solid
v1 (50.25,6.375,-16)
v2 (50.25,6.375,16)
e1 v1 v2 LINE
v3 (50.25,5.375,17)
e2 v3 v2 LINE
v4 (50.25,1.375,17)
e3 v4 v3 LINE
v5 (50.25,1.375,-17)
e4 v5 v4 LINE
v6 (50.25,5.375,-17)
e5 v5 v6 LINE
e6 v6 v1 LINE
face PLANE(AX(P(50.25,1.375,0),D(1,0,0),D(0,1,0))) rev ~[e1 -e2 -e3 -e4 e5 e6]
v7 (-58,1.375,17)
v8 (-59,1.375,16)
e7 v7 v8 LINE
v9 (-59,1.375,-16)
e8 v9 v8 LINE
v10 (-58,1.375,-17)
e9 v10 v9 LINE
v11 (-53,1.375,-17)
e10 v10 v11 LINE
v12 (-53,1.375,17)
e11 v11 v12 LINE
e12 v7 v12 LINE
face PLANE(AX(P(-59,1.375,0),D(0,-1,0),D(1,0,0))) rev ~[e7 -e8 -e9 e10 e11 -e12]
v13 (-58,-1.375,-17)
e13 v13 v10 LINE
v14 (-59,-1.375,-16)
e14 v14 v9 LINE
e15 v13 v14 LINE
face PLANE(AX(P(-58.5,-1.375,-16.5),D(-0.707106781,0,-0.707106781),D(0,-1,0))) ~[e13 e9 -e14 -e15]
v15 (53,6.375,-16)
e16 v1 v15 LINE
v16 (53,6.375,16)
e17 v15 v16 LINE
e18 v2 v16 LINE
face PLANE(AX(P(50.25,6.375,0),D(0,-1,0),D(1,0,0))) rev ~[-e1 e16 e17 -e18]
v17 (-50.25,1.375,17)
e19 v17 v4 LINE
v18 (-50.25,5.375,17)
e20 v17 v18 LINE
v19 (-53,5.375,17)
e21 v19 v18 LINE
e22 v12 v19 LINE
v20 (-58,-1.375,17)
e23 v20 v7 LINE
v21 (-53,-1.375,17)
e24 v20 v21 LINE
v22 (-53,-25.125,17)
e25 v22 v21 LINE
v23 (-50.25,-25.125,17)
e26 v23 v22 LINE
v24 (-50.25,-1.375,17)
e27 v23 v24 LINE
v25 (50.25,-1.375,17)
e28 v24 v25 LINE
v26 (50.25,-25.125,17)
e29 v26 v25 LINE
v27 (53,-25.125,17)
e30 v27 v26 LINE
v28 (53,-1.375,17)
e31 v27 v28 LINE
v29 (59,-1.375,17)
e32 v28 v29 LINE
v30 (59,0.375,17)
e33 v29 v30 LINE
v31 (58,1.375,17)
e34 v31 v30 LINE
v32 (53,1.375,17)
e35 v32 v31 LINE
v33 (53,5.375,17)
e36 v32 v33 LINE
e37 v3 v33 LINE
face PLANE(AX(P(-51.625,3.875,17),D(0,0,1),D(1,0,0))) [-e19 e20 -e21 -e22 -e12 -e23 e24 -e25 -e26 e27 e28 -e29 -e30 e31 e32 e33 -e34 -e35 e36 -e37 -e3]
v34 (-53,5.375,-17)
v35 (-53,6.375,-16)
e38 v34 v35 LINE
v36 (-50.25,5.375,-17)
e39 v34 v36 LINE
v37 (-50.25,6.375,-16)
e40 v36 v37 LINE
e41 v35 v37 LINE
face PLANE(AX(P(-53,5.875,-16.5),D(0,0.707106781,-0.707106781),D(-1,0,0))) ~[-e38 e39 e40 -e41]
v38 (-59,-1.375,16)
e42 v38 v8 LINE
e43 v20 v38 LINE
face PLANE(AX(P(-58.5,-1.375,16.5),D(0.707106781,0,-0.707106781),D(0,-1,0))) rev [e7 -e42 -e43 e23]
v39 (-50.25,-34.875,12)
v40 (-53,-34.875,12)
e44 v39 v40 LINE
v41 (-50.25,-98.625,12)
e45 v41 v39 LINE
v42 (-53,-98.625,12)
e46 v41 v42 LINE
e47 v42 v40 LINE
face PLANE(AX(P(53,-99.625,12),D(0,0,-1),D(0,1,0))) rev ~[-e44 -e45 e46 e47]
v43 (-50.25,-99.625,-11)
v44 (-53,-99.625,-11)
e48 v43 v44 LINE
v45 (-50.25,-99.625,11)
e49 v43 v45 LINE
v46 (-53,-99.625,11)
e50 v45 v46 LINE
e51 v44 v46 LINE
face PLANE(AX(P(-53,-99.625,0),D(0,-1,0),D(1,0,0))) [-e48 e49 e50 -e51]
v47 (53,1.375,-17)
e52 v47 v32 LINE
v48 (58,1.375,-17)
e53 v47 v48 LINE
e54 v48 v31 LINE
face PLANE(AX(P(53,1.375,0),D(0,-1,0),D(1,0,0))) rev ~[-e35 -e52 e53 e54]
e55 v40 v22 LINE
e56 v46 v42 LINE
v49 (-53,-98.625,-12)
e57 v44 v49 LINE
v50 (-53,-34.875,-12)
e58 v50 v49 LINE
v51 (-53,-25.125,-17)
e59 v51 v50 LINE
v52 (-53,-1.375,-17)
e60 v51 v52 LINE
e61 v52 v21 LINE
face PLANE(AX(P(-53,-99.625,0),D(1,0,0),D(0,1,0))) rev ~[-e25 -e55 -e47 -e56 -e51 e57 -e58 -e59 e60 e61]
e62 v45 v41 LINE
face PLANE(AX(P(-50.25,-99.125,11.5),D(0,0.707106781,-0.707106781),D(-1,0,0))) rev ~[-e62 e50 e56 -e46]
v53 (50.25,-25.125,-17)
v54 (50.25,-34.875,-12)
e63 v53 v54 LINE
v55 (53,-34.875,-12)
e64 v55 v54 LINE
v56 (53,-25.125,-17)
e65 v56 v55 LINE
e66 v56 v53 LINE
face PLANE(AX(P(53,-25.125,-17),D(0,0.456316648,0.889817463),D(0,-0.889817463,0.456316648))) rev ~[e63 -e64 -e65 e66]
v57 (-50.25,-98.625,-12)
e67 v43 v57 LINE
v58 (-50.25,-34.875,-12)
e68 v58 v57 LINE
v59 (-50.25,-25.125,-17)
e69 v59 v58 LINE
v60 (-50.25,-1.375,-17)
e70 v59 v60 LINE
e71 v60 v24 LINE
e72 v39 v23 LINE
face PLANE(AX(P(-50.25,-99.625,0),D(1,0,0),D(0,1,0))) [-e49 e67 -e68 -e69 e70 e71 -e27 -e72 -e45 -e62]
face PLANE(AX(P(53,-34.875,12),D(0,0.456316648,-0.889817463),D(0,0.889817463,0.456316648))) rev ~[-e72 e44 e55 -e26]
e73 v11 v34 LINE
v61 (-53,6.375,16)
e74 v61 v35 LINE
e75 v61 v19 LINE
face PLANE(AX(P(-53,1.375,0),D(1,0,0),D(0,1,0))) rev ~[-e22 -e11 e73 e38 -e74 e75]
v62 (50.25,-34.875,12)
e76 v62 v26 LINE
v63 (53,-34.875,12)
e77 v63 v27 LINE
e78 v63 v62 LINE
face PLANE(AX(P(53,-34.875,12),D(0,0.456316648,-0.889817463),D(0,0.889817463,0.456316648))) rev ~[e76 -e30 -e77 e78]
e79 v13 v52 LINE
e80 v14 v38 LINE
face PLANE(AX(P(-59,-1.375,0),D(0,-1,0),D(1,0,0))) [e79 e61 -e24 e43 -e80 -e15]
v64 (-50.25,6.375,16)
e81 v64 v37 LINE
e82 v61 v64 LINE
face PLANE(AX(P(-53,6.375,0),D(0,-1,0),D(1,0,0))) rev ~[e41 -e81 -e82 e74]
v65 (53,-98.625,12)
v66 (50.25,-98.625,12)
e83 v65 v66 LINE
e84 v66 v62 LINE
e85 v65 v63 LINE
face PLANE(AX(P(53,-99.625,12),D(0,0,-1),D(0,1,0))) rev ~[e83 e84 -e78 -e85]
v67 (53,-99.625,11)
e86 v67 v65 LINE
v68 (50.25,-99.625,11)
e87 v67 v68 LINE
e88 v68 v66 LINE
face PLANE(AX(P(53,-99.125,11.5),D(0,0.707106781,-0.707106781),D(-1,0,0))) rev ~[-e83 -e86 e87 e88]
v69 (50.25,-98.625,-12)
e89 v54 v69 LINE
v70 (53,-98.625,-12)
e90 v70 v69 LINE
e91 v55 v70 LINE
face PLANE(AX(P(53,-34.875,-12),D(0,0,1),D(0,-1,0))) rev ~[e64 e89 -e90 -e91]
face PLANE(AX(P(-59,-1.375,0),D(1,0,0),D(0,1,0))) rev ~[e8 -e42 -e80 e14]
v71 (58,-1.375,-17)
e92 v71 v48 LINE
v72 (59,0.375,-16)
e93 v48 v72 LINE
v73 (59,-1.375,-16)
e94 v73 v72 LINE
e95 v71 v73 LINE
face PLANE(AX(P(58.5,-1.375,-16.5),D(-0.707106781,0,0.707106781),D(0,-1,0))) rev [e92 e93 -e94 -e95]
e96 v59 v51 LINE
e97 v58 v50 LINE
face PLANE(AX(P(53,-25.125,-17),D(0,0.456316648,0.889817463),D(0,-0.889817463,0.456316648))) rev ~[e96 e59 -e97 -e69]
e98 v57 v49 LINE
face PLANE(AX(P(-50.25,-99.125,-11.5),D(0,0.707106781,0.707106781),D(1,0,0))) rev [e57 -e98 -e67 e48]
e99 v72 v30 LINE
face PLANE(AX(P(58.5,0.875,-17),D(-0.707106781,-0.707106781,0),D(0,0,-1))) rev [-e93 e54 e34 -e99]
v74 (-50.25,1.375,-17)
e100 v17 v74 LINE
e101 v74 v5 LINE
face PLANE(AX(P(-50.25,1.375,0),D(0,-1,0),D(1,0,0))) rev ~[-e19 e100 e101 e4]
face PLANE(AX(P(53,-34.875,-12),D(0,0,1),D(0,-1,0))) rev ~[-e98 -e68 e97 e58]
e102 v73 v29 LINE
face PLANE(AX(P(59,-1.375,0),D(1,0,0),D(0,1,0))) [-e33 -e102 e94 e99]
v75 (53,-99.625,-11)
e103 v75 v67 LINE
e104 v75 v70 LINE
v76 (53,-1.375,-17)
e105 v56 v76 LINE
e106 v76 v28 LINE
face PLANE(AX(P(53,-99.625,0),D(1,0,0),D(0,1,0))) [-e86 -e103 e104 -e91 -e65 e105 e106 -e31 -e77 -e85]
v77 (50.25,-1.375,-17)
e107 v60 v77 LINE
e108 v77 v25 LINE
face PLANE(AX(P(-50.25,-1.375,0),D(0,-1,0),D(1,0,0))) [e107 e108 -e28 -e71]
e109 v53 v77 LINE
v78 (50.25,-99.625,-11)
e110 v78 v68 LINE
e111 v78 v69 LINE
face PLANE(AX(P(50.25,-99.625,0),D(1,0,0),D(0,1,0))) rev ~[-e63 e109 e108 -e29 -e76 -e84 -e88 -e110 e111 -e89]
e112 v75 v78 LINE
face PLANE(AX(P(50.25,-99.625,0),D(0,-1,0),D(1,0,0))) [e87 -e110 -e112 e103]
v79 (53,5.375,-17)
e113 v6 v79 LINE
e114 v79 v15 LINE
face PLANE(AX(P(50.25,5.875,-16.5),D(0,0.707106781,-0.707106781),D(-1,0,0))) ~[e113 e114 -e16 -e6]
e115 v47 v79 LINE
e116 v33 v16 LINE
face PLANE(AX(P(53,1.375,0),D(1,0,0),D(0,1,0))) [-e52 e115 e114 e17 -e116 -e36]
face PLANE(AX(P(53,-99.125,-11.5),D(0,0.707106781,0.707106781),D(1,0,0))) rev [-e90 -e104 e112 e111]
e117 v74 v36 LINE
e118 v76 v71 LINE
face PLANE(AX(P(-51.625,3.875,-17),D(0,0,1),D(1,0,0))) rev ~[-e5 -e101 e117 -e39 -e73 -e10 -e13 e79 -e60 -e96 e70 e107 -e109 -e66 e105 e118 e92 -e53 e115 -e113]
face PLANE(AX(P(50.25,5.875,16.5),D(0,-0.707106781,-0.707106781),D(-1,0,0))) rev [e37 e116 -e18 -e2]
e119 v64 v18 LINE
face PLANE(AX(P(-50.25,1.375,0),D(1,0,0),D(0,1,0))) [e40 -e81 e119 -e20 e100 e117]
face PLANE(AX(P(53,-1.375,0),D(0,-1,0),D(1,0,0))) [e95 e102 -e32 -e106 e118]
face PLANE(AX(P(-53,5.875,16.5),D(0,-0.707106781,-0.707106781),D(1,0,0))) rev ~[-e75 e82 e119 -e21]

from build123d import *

# Parameters (mm, degrees)
SKETCH1_W           = 2.75
SKETCH1_H           = 5
SKETCH1_W_2         = 6
SKETCH1_H_2         = 2.75
SKETCH1_H_3         = 98.25
SKETCH1_W_3         = 100.5
BOSS_EXTRUDE1_DEPTH = 17
CUT_EXTRUDE1_DEPTH  = 113
CHAMFER1_SIZE       = 1


with BuildPart() as part:
    # Sketch1 → Boss-Extrude1 (new body, symmetric)
    with BuildSketch(Plane.XY):
        with Locations((-51.625, 3.875)):
            Rectangle(SKETCH1_W, SKETCH1_H)
        with Locations((-56, 0)):
            Rectangle(SKETCH1_W_2, SKETCH1_H_2)
        with Locations((-51.625, 0)):
            Rectangle(SKETCH1_W, SKETCH1_H_2)
        with Locations((-51.625, -50.5)):
            Rectangle(SKETCH1_W, SKETCH1_H_3)
        Rectangle(SKETCH1_W_3, SKETCH1_H_2)
        with Locations((51.625, 3.875)):
            Rectangle(SKETCH1_W, SKETCH1_H)
        with Locations((51.625, 0)):
            Rectangle(SKETCH1_W, SKETCH1_H_2)
        with Locations((56, 0)):
            Rectangle(SKETCH1_W_2, SKETCH1_H_2)
        with Locations((51.625, -50.5)):
            Rectangle(SKETCH1_W, SKETCH1_H_3)
    extrude(amount=BOSS_EXTRUDE1_DEPTH, both=True)

    # Sketch2 → Cut-Extrude1 (cut, through all)
    with BuildSketch(Plane(origin=(53, 0, 0), x_dir=(0, 0, -1), z_dir=(1, 0, 0))):
        Polygon((-12, -34.875), (-17, -25.125), (-17, -99.625), (-12, -99.625), align=None)
        Polygon((17, -99.625), (17, -25.125), (12, -34.875), (12, -99.625), align=None)
    extrude(amount=-CUT_EXTRUDE1_DEPTH, mode=Mode.SUBTRACT)

    # Chamfer1
    chamfer1_edges = [part.edges().sort_by_distance(p)[0] for p in [
        (-51.625, 6.375, 17),
        (51.625, -99.625, -12),
        (-59, 0, 17),
        (-51.625, 6.375, -17),
        (51.625, 6.375, -17),
        (59, 0, -17),
        (-59, 0, -17),
        (59, 1.375, 0),
        (51.625, 6.375, 17),
        (-51.625, -99.625, 12),
        (51.625, -99.625, 12),
        (-51.625, -99.625, -12),
    ]]
    chamfer(chamfer1_edges, length=CHAMFER1_SIZE)


solid = part.part
